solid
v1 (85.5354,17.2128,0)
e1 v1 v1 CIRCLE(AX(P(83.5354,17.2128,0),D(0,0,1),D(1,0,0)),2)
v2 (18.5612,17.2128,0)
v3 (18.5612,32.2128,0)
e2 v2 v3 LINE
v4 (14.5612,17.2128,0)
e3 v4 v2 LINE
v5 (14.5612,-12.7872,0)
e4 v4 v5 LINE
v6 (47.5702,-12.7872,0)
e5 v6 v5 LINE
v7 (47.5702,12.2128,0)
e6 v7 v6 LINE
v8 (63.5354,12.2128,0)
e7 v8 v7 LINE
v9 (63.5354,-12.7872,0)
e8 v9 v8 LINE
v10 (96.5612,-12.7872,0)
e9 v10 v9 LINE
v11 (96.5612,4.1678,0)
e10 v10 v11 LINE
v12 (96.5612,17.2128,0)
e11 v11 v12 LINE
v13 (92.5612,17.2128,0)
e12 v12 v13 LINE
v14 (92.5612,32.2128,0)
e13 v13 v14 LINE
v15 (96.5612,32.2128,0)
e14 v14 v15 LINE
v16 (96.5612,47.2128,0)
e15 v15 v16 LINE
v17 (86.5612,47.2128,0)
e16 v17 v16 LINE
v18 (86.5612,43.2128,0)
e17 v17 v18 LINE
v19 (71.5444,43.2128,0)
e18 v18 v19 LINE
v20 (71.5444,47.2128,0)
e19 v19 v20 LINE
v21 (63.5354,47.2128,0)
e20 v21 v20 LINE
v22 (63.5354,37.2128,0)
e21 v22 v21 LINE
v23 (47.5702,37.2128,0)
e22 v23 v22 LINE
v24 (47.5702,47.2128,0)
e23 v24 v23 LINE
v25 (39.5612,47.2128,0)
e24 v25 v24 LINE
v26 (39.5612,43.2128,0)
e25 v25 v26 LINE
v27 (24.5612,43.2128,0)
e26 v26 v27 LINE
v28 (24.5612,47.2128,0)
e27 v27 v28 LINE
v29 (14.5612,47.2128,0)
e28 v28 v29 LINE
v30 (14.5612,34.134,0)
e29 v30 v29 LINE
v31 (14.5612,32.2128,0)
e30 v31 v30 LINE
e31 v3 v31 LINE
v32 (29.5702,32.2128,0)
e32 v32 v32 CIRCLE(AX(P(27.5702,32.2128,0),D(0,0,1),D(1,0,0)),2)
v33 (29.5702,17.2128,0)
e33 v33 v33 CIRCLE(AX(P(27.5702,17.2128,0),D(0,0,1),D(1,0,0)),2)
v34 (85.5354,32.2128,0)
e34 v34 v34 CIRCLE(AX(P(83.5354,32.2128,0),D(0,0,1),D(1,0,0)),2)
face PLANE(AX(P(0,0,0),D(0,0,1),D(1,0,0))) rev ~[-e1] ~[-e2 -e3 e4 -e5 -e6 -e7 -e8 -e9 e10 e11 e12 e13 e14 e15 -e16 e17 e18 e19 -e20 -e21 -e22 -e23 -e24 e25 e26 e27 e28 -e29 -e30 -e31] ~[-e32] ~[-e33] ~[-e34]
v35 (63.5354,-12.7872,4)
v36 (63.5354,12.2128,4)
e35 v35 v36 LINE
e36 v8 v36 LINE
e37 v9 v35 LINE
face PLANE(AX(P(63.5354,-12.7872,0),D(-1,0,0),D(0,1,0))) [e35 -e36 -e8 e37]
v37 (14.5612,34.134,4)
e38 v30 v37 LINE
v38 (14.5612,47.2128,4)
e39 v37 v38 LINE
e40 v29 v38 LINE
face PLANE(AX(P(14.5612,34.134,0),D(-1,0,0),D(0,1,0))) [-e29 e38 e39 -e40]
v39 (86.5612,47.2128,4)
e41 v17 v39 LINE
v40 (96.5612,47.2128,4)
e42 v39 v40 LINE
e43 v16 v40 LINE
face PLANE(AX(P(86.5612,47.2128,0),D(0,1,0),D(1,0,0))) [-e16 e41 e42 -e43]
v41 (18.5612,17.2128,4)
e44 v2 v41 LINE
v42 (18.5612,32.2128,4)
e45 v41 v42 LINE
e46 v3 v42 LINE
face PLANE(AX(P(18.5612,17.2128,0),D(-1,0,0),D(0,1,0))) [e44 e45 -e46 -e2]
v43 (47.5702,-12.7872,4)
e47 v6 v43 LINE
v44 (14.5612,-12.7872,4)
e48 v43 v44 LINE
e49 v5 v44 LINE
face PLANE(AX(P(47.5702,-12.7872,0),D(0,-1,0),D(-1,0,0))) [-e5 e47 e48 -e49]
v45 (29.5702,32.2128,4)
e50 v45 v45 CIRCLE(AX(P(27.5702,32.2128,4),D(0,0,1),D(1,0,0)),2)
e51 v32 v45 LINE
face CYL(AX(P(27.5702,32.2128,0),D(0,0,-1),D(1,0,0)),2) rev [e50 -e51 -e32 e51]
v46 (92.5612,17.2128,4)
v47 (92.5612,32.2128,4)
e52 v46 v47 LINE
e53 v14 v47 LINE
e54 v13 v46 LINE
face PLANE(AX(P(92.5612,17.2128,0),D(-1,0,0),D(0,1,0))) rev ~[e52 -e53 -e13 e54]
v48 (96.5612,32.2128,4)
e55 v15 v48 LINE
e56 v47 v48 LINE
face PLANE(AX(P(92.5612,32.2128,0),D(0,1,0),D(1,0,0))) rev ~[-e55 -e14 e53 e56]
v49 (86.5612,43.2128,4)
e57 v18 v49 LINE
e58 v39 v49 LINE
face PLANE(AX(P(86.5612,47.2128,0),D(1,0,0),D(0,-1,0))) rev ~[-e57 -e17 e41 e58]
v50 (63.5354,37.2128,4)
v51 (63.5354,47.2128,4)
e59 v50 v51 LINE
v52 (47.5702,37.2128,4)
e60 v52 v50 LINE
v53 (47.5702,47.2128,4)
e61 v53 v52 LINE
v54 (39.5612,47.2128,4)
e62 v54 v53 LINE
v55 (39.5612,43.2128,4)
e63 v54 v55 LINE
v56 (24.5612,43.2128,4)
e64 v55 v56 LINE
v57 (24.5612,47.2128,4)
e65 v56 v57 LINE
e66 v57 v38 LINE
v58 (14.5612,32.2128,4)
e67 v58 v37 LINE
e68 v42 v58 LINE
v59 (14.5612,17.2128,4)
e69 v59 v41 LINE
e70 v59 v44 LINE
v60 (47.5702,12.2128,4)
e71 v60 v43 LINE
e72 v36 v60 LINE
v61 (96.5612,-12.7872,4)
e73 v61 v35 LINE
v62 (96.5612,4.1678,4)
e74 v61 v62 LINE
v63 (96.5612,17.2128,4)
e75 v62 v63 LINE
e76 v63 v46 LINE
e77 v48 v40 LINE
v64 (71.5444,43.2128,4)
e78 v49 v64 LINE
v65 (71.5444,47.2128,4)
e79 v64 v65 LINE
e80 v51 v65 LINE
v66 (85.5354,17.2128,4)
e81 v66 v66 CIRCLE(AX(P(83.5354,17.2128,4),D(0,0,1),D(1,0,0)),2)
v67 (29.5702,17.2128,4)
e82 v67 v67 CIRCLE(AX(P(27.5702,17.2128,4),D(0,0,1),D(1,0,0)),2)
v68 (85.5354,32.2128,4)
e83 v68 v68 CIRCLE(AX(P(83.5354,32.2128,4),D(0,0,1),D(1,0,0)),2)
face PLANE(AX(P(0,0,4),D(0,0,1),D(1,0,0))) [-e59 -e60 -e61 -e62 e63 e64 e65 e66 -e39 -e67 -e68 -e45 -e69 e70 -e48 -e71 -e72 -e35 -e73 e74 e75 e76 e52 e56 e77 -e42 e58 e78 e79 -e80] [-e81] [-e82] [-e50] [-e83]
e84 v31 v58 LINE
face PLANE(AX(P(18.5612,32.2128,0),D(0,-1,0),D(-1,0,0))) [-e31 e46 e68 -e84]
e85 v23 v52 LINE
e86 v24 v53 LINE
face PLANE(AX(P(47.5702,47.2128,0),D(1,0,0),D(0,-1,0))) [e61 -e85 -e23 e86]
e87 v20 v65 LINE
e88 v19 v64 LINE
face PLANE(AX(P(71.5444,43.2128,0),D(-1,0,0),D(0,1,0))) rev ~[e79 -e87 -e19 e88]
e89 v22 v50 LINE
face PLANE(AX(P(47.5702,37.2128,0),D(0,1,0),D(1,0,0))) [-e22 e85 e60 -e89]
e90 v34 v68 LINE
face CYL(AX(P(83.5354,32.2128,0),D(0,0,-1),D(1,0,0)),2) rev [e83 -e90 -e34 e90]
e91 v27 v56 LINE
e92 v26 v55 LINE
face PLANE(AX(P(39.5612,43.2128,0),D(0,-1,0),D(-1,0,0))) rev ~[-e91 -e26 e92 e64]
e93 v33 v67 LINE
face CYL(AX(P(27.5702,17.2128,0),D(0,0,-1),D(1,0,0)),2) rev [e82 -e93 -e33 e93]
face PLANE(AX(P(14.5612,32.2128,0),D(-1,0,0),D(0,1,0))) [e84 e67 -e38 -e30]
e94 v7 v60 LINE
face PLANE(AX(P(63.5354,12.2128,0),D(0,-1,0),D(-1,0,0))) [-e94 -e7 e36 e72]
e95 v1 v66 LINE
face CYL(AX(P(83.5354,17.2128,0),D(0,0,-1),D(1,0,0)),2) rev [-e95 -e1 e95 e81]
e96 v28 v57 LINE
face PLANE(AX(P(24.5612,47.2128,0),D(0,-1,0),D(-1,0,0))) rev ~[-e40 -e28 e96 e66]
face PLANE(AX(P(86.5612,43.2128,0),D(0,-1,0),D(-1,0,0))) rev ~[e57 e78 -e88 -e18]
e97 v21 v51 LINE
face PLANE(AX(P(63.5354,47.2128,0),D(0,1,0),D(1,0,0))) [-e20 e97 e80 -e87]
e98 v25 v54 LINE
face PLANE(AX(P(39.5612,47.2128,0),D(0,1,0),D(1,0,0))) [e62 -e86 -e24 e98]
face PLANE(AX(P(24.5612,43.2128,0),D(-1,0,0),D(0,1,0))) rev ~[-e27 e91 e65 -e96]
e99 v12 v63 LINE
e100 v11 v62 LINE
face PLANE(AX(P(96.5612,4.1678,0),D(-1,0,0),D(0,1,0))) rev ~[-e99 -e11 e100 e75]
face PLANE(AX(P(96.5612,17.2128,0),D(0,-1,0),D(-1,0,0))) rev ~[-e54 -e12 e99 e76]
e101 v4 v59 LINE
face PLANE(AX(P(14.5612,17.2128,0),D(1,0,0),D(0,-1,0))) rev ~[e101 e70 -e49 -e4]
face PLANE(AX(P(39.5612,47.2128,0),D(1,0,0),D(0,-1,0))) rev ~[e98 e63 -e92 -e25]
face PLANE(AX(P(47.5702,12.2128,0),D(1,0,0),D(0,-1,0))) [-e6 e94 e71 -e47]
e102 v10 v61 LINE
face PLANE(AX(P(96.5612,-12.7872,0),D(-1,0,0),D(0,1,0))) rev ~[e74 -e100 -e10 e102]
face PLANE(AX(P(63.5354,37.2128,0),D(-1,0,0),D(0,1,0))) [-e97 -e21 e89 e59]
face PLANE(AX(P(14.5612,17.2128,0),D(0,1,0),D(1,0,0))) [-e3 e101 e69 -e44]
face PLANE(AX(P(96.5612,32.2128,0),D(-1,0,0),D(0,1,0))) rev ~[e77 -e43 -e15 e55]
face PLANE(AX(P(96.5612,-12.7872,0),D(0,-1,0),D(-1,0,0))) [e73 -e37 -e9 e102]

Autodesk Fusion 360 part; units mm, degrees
sketch "Sketch1" plane through (0, 0, 0) normal (0, 0, 1) x (1, 0, 0)
  circle A0 centre (27.5702, 32.2128) radius 2
  circle A1 centre (27.5702, 17.2128) radius 2
  circle A2 centre (83.5354, 17.2128) radius 2
  circle A3 centre (83.5354, 32.2128) radius 2
  line L0 (14.5612, 17.2128) -> (18.5612, 17.2128)
  line L1 (18.5612, 17.2128) -> (18.5612, 32.2128)
  line L2 (18.5612, 32.2128) -> (14.5612, 32.2128)
  line L3 (96.5612, 17.2128) -> (92.5612, 17.2128)
  line L4 (92.5612, 17.2128) -> (92.5612, 32.2128)
  line L5 (92.5612, 32.2128) -> (96.5612, 32.2128)
  line L6 (14.5612, 32.2128) -> (14.5612, 34.134)
  line L7 (14.5612, 34.134) -> (14.5612, 47.2128)
  line L8 (14.5612, 17.2128) -> (14.5612, -12.7872)
  line L9 (96.5612, -12.7872) -> (96.5612, 4.1678)
  line L10 (96.5612, 4.1678) -> (96.5612, 17.2128)
  line L11 (96.5612, 32.2128) -> (96.5612, 47.2128)
  line L12 (47.5702, 37.2128) -> (63.5354, 37.2128)
  line L13 (63.5354, 37.2128) -> (63.5354, 47.2128)
  line L14 (47.5702, 47.2128) -> (47.5702, 37.2128)
  line L15 (63.5354, 12.2128) -> (47.5702, 12.2128)
  line L16 (47.5702, 12.2128) -> (47.5702, -12.7872)
  line L17 (63.5354, -12.7872) -> (63.5354, 12.2128)
  line L18 (96.5612, -12.7872) -> (63.5354, -12.7872)
  line L19 (47.5702, -12.7872) -> (14.5612, -12.7872)
  line L20 (39.5612, 47.2128) -> (39.5612, 43.2128)
  line L21 (39.5612, 43.2128) -> (24.5612, 43.2128)
  line L22 (24.5612, 43.2128) -> (24.5612, 47.2128)
  line L23 (86.5612, 47.2128) -> (86.5612, 43.2128)
  line L24 (86.5612, 43.2128) -> (71.5444, 43.2128)
  line L25 (71.5444, 43.2128) -> (71.5444, 47.2128)
  line L26 (24.5612, 47.2128) -> (14.5612, 47.2128)
  line L27 (39.5612, 47.2128) -> (47.5702, 47.2128)
  line L28 (63.5354, 47.2128) -> (71.5444, 47.2128)
  line L29 (86.5612, 47.2128) -> (96.5612, 47.2128)
  dimension "d45" = 30
  dimension "d46" = 30
extrude "Extrude9" add sketch "Sketch1" along normal blind 4
